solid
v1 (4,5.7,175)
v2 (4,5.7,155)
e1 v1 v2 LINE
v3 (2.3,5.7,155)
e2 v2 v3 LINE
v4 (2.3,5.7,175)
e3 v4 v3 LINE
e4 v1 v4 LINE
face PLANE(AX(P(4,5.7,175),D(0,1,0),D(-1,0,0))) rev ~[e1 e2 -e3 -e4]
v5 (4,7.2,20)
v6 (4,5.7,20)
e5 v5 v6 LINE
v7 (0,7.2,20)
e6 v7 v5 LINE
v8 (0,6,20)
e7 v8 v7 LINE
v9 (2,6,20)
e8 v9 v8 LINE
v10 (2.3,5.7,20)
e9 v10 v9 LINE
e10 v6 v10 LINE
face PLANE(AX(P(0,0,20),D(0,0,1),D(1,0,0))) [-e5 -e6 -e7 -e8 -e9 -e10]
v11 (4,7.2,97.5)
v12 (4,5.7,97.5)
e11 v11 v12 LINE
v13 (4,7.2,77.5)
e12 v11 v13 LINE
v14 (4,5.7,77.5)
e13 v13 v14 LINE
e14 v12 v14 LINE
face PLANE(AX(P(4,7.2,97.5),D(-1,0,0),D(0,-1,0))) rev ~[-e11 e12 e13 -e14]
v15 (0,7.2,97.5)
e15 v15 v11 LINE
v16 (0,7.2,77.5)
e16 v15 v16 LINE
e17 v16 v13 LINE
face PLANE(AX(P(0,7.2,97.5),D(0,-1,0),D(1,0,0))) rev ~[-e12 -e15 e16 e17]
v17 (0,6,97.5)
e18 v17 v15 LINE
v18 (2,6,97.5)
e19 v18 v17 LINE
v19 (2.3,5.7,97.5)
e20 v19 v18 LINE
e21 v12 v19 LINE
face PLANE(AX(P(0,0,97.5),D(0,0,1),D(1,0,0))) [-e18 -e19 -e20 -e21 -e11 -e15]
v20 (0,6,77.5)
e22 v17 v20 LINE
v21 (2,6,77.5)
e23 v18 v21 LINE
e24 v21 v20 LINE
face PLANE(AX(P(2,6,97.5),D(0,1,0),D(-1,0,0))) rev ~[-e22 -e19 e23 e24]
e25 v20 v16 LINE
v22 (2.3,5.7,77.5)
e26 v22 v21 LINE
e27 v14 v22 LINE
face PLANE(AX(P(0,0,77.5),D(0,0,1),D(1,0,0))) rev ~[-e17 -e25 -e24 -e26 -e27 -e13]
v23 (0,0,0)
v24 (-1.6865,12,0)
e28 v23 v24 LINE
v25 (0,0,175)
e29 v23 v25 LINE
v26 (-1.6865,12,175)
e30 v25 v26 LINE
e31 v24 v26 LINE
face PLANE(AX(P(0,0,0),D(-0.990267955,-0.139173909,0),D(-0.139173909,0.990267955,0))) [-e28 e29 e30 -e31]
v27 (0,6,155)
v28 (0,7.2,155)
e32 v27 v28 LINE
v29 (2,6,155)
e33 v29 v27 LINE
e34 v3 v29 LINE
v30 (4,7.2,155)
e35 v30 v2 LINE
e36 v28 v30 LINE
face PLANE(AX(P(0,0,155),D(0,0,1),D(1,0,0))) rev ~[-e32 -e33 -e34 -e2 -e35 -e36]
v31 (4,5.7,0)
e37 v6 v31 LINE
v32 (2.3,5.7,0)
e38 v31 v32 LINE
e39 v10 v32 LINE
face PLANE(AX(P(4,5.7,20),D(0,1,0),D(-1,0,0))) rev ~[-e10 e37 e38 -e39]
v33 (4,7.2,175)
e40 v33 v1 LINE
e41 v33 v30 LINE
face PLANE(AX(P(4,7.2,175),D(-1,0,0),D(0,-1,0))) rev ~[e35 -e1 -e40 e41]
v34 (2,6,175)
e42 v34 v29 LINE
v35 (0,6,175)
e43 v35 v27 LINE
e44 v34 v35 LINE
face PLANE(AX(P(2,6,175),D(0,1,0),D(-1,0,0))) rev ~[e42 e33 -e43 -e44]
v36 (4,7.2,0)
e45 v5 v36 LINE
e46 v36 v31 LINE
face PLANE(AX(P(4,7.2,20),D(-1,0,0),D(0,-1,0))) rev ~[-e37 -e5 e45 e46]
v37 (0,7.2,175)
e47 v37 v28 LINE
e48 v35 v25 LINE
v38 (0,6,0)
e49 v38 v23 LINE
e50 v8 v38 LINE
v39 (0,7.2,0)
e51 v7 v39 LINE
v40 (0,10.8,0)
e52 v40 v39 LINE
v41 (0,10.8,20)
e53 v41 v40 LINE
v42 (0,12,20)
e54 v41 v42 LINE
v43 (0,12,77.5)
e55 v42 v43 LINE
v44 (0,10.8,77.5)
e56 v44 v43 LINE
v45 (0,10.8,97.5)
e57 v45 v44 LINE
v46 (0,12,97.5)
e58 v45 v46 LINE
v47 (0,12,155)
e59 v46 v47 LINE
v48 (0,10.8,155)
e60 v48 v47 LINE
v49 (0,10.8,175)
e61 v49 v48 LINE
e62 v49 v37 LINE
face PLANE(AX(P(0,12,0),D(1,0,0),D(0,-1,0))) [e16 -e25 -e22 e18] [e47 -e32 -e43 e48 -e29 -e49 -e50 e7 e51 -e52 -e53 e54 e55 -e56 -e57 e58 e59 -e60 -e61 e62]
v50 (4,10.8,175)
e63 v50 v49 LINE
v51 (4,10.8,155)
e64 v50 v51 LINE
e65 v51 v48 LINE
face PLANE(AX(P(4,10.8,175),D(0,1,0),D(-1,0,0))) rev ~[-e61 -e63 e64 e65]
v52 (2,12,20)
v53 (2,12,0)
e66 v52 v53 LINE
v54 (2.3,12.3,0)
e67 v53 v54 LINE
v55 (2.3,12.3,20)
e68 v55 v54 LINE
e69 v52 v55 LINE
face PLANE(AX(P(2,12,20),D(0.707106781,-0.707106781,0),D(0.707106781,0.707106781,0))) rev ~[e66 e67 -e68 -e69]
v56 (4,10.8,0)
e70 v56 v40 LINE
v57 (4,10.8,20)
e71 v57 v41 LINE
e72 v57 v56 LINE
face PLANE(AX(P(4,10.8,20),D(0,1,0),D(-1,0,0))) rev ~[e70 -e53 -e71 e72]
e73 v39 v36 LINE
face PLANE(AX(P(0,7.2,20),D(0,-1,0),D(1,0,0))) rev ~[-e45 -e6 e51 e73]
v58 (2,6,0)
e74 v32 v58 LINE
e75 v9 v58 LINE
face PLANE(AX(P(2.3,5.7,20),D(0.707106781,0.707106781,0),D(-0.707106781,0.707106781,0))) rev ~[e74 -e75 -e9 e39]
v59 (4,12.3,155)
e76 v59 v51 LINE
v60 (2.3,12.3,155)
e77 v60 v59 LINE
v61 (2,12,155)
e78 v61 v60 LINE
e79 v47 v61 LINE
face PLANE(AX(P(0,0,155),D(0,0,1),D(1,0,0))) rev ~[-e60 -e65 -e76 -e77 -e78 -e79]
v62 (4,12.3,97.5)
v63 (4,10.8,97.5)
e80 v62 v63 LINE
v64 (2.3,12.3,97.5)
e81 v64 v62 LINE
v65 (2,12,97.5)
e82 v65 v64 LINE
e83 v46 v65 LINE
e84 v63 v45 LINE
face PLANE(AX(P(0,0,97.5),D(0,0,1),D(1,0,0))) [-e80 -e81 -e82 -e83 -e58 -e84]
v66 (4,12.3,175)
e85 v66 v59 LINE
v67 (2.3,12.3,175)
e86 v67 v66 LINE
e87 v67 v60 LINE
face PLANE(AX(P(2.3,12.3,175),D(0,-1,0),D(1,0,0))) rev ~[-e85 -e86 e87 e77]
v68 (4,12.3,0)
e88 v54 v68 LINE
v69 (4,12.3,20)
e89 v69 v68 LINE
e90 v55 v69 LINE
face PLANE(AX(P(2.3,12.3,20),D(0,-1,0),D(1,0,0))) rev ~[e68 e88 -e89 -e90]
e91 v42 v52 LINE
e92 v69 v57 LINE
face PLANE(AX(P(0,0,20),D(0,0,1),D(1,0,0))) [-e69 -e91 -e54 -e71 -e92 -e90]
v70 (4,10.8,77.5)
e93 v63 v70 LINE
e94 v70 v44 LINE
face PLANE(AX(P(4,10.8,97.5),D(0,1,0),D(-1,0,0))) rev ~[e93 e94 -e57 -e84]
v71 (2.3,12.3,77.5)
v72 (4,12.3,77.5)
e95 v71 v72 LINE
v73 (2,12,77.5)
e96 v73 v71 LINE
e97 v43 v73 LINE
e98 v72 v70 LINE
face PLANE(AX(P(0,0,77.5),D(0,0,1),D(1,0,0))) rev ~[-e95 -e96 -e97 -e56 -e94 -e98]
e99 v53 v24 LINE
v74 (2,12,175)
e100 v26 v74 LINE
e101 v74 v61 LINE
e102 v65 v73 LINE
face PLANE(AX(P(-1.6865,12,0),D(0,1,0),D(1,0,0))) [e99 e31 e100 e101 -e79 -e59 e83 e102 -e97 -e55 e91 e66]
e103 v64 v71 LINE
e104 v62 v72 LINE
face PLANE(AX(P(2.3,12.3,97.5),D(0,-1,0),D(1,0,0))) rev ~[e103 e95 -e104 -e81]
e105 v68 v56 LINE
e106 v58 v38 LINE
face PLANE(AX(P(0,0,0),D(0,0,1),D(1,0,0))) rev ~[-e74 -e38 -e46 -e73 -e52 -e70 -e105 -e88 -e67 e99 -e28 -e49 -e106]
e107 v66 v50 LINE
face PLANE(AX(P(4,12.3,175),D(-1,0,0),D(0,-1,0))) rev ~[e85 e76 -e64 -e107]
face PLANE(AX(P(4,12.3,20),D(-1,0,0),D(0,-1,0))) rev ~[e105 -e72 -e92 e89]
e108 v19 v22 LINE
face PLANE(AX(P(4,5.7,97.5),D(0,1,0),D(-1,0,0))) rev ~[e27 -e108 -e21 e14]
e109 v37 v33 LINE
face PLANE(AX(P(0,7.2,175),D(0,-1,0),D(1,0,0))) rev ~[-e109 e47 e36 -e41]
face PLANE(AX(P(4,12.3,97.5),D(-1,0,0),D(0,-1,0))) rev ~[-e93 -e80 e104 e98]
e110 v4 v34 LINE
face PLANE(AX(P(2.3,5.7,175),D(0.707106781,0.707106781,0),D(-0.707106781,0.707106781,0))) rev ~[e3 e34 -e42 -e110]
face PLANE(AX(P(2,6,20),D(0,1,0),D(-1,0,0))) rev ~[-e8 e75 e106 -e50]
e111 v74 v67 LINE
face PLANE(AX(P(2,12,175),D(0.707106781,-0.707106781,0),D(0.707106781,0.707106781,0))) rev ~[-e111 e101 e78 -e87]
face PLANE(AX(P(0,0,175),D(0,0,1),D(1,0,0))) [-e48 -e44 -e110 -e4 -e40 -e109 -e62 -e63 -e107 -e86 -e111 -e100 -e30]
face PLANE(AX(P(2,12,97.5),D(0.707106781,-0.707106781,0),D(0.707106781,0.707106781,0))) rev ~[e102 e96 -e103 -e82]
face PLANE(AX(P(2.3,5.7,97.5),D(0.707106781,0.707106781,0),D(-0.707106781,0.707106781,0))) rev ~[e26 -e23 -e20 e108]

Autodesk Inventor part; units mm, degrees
ref_plane "YZ Plane" through (0, 0, 0) normal (1, 0, 0) x (0, 1, 0)
ref_plane "XZ Plane" through (0, 0, 0) normal (0, 1, 0) x (-1, 0, 0)
ref_plane "XY Plane" through (0, 0, 0) normal (0, 0, 1) x (1, 0, 0)
sketch "Sketch1" plane through (0, 0, 0) normal (0, 0, 1) x (1, 0, 0)
  line L0 (0, 0) -> (-1.6865, 12)
  line L1 (-1.6865, 12) -> (0, 12)
  line L2 (0, 12) -> (0, 0)
  dimension "d0" = 8
  dimension "d1" = 12
extrude "Extrusion1" add sketch "Sketch1" along normal blind 175
sketch "Sketch2" plane through (0, 0, 175) normal (0, 0, 1) x (1, 0, 0)
  line L0 (0, 0) -> (0, 12) projected
  line L1 (0, 12) -> (-1.6865, 12) projected
  line L2 (0, 12) -> (2, 12)
  line L3 (2, 12) -> (2.3, 12.3)
  line L4 (2.3, 12.3) -> (4, 12.3)
  line L5 (4, 12.3) -> (4, 10.8)
  line L6 (4, 10.8) -> (0, 10.8)
  line L7 (0, 7.2) -> (4, 7.2)
  line L8 (4, 7.2) -> (4, 5.7)
  line L9 (4, 5.7) -> (2.3, 5.7)
  line L10 (2.3, 5.7) -> (2, 6)
  line L11 (2, 6) -> (0, 6)
  dimension "d4" = 2
  dimension "d5" = 4
  dimension "d6" = 135
  dimension "d9" = 135
  dimension "d17" = 6
  dimension "d18" = 6.6
  dimension "d19" = 1.2
extrude "Extrusion2" add sketch "Sketch2" against normal blind 20
pattern_linear "Rectangular Pattern1" count 3 spacing 77.5 along (0, 0, -1) of "Extrusion2"
properties part number "LedStripHolder"
